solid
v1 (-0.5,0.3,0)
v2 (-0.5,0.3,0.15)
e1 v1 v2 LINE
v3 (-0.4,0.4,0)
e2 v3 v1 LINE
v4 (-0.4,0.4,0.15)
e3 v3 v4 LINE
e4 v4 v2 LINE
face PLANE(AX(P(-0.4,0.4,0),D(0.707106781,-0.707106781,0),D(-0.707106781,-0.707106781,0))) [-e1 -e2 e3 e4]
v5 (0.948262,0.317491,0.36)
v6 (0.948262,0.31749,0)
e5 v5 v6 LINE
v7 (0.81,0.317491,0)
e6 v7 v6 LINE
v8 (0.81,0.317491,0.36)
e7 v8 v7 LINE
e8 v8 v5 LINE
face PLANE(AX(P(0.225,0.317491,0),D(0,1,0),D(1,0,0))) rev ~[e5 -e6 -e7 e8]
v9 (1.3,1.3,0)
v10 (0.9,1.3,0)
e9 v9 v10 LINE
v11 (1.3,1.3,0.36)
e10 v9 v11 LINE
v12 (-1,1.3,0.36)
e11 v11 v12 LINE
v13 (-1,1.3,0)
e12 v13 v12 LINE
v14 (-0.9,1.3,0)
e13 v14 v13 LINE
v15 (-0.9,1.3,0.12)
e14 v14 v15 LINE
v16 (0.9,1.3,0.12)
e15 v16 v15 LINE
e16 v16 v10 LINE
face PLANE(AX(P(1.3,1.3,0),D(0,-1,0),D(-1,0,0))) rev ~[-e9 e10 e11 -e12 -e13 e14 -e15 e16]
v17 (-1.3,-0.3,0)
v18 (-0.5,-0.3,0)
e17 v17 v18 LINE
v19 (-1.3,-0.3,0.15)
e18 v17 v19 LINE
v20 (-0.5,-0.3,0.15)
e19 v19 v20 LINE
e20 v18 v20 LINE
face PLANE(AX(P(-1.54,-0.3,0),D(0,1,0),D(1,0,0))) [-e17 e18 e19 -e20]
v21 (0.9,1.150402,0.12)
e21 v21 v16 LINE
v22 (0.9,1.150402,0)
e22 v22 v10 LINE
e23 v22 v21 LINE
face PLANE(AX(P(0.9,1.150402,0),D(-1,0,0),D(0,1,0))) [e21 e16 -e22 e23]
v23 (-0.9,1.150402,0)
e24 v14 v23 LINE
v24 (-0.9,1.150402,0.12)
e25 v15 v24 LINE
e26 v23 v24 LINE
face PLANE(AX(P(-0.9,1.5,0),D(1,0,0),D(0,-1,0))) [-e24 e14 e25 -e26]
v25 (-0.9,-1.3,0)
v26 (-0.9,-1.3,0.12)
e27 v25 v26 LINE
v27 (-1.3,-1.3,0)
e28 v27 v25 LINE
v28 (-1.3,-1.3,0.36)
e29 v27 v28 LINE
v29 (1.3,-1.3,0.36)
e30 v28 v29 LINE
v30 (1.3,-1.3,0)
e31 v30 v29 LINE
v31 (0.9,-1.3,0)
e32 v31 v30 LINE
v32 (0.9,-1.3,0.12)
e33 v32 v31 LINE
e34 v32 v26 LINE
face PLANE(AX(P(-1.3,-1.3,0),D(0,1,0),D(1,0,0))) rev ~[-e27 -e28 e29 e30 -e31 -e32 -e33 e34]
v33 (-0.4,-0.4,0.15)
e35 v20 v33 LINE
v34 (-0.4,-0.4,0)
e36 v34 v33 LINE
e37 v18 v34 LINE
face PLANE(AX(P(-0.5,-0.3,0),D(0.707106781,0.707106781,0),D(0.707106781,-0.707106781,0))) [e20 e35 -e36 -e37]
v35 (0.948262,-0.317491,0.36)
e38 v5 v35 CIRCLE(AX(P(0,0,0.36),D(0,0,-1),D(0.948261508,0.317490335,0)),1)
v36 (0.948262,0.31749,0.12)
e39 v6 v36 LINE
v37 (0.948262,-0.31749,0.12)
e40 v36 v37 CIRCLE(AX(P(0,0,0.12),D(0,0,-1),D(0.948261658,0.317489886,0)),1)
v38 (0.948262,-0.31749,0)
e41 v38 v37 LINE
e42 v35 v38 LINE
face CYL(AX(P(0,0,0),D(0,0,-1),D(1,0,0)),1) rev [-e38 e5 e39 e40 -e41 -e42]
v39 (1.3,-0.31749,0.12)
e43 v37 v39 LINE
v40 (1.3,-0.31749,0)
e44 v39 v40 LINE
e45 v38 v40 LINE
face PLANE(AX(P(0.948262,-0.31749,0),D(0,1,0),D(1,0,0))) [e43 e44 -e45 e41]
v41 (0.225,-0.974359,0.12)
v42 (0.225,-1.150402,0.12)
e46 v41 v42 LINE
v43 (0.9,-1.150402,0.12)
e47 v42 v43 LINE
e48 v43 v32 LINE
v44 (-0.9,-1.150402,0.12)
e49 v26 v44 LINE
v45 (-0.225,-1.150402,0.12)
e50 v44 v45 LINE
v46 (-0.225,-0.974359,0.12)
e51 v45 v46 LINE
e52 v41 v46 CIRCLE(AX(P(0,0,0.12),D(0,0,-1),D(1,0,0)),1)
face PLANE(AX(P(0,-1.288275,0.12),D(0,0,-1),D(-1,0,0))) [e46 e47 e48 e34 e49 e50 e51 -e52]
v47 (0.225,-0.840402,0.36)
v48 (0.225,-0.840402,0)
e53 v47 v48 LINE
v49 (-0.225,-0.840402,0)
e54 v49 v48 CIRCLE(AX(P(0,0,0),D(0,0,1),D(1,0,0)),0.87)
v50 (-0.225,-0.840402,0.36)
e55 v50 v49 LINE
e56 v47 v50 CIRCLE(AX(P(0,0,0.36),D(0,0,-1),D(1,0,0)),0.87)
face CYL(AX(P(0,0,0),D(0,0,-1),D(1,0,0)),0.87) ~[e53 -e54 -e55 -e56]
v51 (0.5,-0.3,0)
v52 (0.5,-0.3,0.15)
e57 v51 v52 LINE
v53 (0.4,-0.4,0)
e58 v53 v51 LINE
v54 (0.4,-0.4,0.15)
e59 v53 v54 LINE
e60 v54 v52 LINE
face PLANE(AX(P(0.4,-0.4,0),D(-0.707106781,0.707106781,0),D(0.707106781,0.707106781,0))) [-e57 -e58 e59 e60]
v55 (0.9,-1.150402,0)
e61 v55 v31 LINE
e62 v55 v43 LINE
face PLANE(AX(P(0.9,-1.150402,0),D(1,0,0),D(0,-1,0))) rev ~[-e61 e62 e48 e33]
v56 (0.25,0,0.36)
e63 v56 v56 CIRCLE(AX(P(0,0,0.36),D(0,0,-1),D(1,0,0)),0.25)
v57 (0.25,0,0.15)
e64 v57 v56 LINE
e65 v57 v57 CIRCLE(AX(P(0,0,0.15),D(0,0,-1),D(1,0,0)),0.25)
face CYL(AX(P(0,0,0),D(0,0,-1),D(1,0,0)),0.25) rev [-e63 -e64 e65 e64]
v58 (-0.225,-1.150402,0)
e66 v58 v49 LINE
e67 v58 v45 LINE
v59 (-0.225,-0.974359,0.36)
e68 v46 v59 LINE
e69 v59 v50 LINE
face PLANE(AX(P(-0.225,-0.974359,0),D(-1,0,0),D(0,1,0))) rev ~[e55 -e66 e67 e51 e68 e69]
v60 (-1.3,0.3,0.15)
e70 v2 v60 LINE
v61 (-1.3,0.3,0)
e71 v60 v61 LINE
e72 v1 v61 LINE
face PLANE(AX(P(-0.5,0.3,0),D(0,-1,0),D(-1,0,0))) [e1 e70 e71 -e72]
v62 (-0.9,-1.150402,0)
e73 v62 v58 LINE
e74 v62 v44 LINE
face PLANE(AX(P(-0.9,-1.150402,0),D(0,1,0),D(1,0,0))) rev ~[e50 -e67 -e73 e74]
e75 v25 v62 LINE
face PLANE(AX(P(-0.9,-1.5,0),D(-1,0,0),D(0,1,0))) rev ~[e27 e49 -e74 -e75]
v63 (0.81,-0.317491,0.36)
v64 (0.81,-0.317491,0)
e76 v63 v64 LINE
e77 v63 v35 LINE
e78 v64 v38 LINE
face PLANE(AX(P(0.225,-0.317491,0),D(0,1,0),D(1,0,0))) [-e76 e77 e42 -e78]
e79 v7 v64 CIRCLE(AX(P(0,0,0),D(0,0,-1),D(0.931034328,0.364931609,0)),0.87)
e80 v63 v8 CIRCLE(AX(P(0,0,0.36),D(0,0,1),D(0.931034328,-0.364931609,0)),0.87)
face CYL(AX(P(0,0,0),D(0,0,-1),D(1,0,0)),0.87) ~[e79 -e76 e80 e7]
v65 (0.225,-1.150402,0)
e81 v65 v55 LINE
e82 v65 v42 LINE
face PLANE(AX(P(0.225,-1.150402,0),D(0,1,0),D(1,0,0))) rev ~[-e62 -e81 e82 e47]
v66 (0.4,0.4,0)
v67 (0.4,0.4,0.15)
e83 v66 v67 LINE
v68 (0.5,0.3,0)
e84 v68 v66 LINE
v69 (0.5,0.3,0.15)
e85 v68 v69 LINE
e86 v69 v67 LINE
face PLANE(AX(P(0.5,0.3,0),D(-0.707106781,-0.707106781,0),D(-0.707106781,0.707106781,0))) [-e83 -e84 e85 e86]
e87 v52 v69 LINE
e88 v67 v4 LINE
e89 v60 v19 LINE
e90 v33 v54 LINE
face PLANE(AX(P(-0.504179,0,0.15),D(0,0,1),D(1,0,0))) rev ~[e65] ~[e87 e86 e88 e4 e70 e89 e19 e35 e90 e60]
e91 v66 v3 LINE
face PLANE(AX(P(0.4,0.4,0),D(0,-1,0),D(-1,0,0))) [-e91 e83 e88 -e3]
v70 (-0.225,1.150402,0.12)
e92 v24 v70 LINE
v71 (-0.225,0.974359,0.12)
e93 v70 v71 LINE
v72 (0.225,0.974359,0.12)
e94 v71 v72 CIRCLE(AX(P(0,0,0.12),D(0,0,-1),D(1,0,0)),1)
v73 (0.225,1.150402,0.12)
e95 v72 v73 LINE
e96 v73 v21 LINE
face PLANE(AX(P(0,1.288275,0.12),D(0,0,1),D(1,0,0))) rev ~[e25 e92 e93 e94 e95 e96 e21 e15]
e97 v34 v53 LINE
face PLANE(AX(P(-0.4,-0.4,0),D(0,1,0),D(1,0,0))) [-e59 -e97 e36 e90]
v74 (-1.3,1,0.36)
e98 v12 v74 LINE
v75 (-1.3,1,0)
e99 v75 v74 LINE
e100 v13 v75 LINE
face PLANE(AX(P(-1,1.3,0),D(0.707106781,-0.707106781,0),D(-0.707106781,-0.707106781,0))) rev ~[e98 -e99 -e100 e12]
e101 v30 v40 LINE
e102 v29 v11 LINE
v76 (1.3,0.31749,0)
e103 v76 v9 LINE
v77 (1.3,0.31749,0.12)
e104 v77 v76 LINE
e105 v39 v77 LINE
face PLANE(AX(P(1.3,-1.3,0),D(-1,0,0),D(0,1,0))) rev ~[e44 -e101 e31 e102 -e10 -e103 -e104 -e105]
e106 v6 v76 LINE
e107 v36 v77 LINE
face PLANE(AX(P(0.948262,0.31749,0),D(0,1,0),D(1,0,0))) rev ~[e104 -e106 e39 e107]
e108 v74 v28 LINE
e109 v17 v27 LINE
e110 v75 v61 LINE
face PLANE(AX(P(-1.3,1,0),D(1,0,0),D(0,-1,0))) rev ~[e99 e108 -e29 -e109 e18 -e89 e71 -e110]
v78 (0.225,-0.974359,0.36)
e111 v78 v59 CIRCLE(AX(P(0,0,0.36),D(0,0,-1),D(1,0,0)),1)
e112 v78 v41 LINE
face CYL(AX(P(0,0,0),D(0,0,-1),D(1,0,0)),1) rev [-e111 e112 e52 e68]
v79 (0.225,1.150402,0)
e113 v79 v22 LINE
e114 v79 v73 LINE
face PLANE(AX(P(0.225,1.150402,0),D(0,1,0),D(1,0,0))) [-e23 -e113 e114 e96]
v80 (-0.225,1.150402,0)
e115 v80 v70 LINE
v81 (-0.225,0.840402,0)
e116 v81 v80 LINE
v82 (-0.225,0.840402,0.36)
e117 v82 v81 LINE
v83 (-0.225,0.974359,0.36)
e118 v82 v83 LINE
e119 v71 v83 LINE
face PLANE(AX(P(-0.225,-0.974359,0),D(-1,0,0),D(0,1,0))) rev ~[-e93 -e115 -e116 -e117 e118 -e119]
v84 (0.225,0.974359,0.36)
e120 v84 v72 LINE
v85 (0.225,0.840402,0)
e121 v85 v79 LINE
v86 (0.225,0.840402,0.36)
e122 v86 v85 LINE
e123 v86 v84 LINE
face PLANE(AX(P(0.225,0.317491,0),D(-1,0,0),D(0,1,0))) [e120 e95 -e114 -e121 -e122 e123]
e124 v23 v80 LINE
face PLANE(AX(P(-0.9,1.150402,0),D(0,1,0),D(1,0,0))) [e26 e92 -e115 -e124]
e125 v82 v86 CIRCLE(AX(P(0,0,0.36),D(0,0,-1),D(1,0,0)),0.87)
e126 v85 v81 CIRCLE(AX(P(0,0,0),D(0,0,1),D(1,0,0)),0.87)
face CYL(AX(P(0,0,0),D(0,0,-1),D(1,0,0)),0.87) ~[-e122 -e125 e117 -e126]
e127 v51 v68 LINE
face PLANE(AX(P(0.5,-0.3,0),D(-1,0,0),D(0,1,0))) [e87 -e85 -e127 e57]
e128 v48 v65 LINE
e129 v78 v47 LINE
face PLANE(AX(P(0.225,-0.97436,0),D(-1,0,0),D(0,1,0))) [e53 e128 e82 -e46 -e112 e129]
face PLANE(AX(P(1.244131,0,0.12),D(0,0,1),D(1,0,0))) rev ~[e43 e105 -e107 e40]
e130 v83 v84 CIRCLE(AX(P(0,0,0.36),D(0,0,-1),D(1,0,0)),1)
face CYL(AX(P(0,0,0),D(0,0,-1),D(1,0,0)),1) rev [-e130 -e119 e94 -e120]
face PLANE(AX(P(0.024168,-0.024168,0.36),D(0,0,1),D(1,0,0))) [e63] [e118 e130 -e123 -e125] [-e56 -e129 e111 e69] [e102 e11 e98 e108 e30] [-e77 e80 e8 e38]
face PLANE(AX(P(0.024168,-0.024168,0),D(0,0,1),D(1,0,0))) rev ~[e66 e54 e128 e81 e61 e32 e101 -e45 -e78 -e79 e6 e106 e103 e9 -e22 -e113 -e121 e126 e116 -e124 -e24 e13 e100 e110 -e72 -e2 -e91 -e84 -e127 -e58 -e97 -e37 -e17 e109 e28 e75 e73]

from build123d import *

# Parameters (mm, degrees)
SKETCH007_R   = 0.25
PAD003_DEPTH  = 1.23
PAD004_DEPTH  = 0.15
FILLET_R      = 0.2
SKETCH001_R   = 1
SKETCH001_R_2 = 0.87
PAD001_DEPTH  = 1.3
SKETCH002_W   = 0.775
SKETCH002_H   = 1.948718
SKETCH002_W_2 = 0.723262
SKETCH002_H_2 = 0.656869
POCKET_DEPTH  = 0.36
SKETCH003_W   = 0.591738
SKETCH003_H   = 0.63498
PAD002_DEPTH  = 0.12
PAD_DEPTH     = 0.36


with BuildPart() as body004:
    # Sketch007 → Pad003 (new body)
    with BuildSketch(Plane.XY):
        Circle(SKETCH007_R)
    extrude(amount=PAD003_DEPTH)

    # Sketch008 → Pad004 (join)
    with BuildSketch(Plane.XY):
        Polygon((-1.54, -0.3), (-0.5, -0.3), (-0.4, -0.4), (0.4, -0.4), (0.5, -0.3), (0.5, 0.3), (0.4, 0.4), (-0.4, 0.4), (-0.5, 0.3), (-1.54, 0.3), align=None)
    extrude(amount=PAD004_DEPTH)

    # Fillet
    fillet_edges = [body004.edges().sort_by_distance(p)[0] for p in [
        (-0.25, 0, 1.23),
    ]]
    fillet(fillet_edges, radius=FILLET_R)


with BuildPart() as body003:
    # Sketch001 → Pad001 (new body)
    with BuildSketch(Plane.XY):
        Circle(SKETCH001_R)
        Circle(SKETCH001_R_2, mode=Mode.SUBTRACT)
    extrude(amount=PAD001_DEPTH)

    # Sketch002 → Pocket (cut)
    with BuildSketch(Plane.XY):
        with Locations((-0.6125, 0)):
            Rectangle(SKETCH002_W, SKETCH002_H)
        with Locations((0.586631, 0.645925)):
            Rectangle(SKETCH002_W_2, SKETCH002_H_2)
        with Locations((0.586631, -0.645925)):
            Rectangle(SKETCH002_W_2, SKETCH002_H_2)
    extrude(amount=POCKET_DEPTH, mode=Mode.SUBTRACT)

    # Sketch003 → Pad002 (join)
    with BuildSketch(Plane.XY):
        Polygon((-0.225, -0.974359), (0.225, -0.974359), (0.225, -1.150402), (0.9, -1.150402), (0.9, -1.5), (-0.9, -1.5), (-0.9, -1.150402), (-0.225, -1.150402), align=None)
        Polygon((-0.225, 0.974359), (0.225, 0.974359), (0.225, 1.150402), (0.9, 1.150402), (0.9, 1.5), (-0.9, 1.5), (-0.9, 1.150402), (-0.225, 1.150402), align=None)
        with Locations((1.244131, 0)):
            Rectangle(SKETCH003_W, SKETCH003_H)
    extrude(amount=PAD002_DEPTH)

    # Sketch005 → Groove (revolve, cut)
    with BuildSketch(Plane.XZ):
        Polygon((1, 0.81), (0.93, 0.74), (0.93, 0.6), (1, 0.53), align=None)
        Polygon((0.93, 1.3), (1, 1.23), (1, 1.3), align=None)
    revolve(axis=Axis((0, 0, 0), (0, 0, 1)), mode=Mode.SUBTRACT)


with BuildPart() as cut001:
    # Sketch → Pad (new body)
    with BuildSketch(Plane.XY):
        Polygon((-1.3, 1), (-1.3, -1.3), (1.3, -1.3), (1.3, 1.3), (-1, 1.3), align=None)
    extrude(amount=PAD_DEPTH)

    # Cut: cut Body003
    add(body003.part, mode=Mode.SUBTRACT)

    # Cut001: cut Body004
    add(body004.part, mode=Mode.SUBTRACT)


solid = cut001.part
